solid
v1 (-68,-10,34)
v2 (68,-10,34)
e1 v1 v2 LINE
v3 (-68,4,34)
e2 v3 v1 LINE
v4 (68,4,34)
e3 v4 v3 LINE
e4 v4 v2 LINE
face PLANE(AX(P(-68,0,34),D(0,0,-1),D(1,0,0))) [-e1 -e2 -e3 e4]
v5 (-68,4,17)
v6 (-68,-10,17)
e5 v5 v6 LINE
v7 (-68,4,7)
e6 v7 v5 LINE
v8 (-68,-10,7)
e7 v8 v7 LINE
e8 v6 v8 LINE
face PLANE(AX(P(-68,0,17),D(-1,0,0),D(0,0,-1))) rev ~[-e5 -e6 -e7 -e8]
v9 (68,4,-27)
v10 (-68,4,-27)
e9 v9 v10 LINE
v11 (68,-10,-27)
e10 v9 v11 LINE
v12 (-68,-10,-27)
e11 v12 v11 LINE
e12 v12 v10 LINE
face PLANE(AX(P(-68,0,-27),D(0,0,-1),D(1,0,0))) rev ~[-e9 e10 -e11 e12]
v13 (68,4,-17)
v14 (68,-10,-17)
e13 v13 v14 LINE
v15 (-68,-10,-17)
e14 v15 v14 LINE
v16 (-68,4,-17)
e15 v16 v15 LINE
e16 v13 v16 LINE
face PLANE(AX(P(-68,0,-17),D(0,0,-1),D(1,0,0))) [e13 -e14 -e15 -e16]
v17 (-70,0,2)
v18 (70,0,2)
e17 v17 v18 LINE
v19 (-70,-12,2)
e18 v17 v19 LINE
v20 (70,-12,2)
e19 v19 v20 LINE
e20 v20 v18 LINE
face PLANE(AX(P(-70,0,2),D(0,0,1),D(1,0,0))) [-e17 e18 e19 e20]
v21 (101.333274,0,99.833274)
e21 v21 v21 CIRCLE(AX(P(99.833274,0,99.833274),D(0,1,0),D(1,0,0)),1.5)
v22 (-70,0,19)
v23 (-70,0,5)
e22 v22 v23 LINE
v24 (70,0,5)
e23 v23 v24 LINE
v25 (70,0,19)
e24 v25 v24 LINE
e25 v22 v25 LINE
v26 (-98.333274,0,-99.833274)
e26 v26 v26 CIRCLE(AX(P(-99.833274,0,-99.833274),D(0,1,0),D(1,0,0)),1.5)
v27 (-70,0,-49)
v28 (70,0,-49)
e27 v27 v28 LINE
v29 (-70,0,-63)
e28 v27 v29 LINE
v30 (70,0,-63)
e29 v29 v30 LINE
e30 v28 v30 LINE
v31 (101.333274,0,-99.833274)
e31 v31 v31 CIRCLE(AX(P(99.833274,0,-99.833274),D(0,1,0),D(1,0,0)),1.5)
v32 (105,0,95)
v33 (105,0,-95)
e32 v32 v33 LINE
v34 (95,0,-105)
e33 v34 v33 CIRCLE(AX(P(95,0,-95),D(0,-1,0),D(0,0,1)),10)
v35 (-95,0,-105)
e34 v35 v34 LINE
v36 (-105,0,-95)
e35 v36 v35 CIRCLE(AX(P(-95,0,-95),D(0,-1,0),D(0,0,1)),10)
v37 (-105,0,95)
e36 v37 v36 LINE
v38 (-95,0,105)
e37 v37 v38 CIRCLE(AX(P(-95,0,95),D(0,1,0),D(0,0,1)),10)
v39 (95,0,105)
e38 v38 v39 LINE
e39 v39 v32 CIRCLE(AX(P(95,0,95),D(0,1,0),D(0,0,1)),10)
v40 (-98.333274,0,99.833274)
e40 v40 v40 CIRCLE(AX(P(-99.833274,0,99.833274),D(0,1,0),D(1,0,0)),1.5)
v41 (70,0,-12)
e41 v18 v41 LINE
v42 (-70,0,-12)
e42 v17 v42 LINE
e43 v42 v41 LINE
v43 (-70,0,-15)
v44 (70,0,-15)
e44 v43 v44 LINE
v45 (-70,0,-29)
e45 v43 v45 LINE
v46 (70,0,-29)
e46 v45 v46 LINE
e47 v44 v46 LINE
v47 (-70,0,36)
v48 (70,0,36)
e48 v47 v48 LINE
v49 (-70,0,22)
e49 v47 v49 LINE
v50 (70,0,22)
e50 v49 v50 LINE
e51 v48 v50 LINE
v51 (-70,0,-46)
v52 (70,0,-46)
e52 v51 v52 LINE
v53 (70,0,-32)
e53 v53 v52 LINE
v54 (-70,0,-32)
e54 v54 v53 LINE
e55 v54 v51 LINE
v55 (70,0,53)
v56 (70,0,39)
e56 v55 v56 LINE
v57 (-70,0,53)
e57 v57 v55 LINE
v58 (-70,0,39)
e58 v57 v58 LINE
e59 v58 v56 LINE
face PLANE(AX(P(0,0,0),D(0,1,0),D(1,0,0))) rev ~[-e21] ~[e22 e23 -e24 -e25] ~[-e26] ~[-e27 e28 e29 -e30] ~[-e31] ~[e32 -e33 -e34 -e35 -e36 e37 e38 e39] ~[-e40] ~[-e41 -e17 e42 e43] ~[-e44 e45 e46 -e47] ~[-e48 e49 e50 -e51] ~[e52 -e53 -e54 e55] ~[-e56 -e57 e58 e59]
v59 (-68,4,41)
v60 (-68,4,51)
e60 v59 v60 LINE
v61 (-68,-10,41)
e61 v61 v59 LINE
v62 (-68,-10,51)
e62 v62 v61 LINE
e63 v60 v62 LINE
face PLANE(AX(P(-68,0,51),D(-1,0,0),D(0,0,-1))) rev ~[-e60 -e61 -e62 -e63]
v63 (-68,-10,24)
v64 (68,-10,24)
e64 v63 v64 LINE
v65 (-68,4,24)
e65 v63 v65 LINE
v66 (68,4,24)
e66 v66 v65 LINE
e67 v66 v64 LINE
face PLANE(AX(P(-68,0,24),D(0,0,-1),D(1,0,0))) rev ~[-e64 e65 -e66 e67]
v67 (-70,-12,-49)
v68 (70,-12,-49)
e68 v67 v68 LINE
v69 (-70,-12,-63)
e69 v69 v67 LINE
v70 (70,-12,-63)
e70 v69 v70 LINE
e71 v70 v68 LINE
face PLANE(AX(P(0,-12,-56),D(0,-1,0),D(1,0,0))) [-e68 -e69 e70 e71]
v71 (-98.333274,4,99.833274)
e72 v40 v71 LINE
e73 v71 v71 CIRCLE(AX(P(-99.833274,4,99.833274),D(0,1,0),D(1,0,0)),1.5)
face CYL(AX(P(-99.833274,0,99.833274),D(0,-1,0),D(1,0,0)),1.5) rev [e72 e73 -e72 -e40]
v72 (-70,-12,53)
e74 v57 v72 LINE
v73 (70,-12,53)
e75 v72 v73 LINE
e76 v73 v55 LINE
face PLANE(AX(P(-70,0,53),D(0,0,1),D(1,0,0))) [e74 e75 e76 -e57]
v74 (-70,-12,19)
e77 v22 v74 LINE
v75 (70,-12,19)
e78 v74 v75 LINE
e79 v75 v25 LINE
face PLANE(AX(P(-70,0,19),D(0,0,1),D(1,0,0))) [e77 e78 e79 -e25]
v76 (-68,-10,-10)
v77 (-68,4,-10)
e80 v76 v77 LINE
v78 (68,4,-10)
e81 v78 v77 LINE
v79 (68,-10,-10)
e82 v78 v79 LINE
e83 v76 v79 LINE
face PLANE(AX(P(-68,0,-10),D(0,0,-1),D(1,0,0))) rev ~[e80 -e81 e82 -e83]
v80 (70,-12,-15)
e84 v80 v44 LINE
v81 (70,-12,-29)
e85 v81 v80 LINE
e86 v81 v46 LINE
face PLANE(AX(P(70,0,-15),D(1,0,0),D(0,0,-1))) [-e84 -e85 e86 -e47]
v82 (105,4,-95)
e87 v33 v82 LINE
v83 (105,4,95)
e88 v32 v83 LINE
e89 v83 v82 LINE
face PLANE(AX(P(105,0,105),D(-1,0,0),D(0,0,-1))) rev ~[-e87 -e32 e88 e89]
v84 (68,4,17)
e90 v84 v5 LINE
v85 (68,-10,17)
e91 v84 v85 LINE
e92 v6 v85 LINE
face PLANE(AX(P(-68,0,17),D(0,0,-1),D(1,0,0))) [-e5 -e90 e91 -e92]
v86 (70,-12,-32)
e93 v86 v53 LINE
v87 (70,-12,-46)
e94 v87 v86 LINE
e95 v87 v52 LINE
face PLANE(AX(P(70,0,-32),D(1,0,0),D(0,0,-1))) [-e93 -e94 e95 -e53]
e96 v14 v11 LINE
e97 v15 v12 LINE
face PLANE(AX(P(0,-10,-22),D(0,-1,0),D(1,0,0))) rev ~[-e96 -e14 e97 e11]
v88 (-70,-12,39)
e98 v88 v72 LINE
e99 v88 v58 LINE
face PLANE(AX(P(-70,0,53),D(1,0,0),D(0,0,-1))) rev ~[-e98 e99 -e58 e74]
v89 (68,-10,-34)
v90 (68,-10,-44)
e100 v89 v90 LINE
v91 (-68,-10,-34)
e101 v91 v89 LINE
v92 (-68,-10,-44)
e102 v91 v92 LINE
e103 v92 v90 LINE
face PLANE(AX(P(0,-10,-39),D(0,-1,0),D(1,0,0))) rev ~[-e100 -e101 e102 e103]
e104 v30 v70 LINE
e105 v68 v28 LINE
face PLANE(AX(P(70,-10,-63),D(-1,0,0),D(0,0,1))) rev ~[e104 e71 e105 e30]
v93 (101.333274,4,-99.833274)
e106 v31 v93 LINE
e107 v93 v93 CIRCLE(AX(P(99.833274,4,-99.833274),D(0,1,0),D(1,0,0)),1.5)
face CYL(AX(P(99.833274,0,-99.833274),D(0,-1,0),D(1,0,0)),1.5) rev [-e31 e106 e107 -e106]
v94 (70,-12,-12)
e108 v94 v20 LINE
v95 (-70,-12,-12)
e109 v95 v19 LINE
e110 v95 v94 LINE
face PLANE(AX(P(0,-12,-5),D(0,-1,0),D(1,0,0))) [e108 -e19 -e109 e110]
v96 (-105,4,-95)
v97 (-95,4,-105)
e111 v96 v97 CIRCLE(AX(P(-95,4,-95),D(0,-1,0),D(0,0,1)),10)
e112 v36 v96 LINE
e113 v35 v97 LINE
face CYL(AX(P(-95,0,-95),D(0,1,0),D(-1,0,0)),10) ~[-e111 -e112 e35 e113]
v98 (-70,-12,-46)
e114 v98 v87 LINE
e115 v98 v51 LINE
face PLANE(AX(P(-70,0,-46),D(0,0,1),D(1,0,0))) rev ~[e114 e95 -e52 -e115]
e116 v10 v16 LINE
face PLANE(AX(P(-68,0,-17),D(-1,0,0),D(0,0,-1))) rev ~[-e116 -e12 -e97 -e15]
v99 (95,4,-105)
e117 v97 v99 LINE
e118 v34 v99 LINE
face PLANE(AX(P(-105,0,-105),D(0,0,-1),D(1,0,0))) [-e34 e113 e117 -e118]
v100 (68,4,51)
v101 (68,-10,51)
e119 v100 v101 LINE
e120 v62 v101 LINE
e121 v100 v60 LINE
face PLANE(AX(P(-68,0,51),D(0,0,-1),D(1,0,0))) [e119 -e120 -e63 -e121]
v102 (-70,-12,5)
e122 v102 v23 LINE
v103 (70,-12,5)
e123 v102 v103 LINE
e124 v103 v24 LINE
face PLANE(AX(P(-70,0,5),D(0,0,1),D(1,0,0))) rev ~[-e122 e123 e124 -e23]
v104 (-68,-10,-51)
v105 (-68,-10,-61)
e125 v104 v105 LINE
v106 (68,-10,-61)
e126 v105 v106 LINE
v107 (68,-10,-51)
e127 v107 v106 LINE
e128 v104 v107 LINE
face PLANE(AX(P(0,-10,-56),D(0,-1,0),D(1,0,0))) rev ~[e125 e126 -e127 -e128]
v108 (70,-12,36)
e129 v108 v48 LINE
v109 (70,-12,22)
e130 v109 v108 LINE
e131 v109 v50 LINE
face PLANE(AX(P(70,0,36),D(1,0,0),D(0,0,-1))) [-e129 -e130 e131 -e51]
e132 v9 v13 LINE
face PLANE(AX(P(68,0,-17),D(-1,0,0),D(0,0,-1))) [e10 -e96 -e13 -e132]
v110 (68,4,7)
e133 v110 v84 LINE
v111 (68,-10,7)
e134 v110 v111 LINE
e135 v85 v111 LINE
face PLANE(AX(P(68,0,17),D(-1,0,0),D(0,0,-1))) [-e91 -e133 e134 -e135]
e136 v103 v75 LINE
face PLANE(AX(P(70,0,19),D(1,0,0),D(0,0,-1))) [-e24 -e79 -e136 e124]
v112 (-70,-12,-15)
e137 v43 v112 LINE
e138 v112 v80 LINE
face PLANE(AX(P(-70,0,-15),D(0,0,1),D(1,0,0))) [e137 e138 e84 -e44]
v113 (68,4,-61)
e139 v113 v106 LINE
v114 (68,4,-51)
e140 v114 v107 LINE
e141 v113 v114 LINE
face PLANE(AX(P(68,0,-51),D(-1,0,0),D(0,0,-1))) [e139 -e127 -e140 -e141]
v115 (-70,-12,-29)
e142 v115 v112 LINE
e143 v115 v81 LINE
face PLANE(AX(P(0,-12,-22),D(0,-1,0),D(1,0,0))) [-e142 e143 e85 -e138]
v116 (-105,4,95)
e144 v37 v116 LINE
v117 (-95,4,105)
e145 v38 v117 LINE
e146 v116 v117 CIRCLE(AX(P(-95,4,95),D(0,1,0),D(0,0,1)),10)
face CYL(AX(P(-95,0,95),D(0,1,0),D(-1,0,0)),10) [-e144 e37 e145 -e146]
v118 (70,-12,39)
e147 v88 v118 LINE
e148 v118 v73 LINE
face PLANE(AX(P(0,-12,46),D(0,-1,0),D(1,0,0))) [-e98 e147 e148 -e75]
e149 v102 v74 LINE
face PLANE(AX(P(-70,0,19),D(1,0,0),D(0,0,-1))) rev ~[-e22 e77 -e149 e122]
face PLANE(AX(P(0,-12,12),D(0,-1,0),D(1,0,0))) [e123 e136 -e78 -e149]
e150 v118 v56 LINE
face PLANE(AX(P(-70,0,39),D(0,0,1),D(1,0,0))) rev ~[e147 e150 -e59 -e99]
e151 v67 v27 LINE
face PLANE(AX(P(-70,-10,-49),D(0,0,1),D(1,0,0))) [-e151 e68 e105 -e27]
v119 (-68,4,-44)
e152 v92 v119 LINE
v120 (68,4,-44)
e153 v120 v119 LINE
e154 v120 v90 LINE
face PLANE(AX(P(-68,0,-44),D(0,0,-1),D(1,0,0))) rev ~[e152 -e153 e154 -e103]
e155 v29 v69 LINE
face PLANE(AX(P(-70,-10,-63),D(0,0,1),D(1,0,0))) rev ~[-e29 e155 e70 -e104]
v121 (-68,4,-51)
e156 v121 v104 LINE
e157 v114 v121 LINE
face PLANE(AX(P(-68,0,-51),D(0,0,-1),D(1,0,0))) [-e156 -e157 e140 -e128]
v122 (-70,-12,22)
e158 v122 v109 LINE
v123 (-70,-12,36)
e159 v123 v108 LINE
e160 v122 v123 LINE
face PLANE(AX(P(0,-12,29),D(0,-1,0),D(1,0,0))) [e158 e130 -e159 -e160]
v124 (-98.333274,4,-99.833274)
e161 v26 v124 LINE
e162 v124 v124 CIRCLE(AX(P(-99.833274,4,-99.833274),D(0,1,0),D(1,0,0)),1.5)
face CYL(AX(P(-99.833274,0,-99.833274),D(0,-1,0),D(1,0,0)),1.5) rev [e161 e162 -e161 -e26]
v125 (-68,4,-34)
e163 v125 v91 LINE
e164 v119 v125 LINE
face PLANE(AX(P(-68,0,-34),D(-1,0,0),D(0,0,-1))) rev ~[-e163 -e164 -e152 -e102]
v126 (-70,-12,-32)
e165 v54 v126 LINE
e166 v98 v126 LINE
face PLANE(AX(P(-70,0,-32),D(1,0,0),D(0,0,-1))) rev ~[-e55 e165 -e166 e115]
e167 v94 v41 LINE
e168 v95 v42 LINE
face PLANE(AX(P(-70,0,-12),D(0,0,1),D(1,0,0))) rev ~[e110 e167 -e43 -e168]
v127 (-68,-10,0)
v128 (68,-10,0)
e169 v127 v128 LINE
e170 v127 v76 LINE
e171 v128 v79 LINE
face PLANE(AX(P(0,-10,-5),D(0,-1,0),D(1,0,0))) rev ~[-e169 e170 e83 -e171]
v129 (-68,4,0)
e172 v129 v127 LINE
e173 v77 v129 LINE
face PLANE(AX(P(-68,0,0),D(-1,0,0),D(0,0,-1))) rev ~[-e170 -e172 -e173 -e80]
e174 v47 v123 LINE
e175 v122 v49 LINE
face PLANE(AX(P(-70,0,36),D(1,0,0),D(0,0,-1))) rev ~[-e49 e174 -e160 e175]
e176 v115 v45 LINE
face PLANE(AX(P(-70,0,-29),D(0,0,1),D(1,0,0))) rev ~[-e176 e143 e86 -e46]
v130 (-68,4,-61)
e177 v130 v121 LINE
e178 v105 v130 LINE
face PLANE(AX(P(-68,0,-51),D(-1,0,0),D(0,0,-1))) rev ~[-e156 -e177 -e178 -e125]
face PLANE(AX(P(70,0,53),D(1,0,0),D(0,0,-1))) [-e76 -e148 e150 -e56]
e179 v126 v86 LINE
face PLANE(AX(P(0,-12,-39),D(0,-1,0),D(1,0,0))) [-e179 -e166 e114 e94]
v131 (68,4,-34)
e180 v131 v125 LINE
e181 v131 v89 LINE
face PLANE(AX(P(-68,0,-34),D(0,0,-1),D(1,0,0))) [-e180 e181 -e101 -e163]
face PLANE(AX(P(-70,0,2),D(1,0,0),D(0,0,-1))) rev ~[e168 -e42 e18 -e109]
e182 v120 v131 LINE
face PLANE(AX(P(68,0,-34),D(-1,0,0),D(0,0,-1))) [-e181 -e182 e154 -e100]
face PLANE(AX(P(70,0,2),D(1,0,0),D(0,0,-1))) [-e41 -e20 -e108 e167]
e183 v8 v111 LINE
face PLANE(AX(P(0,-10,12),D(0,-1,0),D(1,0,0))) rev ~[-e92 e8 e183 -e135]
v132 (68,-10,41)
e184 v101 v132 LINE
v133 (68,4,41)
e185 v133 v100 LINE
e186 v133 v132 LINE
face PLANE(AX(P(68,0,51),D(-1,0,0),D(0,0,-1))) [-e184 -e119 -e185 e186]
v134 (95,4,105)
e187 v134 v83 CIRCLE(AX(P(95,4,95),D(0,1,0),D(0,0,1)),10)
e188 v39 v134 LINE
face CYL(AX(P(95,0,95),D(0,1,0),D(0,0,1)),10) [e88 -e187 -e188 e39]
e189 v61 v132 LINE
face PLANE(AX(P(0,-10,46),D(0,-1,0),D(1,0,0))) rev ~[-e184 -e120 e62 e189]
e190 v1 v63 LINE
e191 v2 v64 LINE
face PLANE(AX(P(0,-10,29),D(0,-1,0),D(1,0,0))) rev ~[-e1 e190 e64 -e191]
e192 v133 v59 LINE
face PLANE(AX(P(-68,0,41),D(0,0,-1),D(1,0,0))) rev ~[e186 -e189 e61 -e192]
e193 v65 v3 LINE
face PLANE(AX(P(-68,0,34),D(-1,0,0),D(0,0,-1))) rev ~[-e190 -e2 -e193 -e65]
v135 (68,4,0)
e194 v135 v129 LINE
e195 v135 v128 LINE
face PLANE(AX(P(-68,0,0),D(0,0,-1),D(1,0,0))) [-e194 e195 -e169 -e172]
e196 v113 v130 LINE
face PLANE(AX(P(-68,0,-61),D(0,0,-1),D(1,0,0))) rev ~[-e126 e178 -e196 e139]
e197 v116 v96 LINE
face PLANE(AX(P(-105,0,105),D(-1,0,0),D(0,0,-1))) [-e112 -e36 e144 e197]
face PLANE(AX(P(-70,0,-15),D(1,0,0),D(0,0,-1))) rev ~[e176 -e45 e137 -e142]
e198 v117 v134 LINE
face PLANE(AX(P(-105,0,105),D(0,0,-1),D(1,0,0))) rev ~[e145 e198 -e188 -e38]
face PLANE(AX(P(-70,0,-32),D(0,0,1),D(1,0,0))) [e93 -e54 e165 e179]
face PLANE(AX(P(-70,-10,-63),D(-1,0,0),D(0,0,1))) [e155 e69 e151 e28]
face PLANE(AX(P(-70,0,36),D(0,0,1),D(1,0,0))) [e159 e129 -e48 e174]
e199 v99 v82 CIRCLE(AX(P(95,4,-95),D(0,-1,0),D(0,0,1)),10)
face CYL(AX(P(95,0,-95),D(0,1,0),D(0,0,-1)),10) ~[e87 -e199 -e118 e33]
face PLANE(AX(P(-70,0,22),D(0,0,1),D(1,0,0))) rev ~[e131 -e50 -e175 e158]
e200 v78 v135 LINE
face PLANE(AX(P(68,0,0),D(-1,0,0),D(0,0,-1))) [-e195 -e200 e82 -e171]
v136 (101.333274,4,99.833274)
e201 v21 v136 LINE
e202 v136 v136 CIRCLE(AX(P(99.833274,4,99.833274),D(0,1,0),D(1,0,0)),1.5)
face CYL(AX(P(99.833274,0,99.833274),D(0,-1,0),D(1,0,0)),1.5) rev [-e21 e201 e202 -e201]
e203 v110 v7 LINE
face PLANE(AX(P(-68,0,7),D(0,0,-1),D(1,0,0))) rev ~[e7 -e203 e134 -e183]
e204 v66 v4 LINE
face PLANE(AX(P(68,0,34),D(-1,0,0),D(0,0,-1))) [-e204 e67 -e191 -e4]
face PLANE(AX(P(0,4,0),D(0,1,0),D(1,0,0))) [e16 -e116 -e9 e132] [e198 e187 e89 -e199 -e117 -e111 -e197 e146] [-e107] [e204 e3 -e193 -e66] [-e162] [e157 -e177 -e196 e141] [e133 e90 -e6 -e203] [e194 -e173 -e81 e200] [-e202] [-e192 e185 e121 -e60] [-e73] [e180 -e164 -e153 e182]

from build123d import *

# Parameters (mm, degrees)
SKETCH1_W           = 210
SKETCH1_H           = 210
MAINEXTRUDE_DEPTH   = 4
SKETCH1_6_R         = 1.5
SCREWHOLES_DEPTH    = 4
ROUNDEDCORNERS_R    = 10
SKETCH4_W           = 140
SKETCH4_H           = 14
SKETCH4_W_2         = 136
SKETCH4_H_2         = 10
TRENCH_WALLS_DEPTH  = 10
SKETCH3_W           = 136
SKETCH3_H           = 10
TRENCH_DEPTH        = 12
SKETCH6_W           = 140
SKETCH6_H           = 14
TRENCH_BOTTOM_DEPTH = 2


with BuildPart() as part:
    # Sketch1 → MainExtrude (new body)
    with BuildSketch(Plane(origin=(0, 0, 0), x_dir=(1, 0, 0), z_dir=(0, 1, 0))):
        Rectangle(SKETCH1_W, SKETCH1_H)
    extrude(amount=MAINEXTRUDE_DEPTH)

    # Sketch1<6> → ScrewHoles (cut)
    with BuildSketch(Plane(origin=(0, 0, 0), x_dir=(1, 0, 0), z_dir=(0, 1, 0))):
        with Locations((-99.833273811, 99.833273811)):
            Circle(SKETCH1_6_R)
        with Locations((-99.833273811, -99.833273811)):
            Circle(SKETCH1_6_R)
        with Locations((99.833273811, -99.833273811)):
            Circle(SKETCH1_6_R)
        with Locations((99.833273811, 99.833273811)):
            Circle(SKETCH1_6_R)
    extrude(amount=SCREWHOLES_DEPTH, mode=Mode.SUBTRACT)

    # RoundedCorners
    roundedcorners_edges = [part.edges().sort_by_distance(p)[0] for p in [
        (-105, 2, -105),
        (-105, 2, 105),
        (105, 2, 105),
        (105, 2, -105),
    ]]
    fillet(roundedcorners_edges, radius=ROUNDEDCORNERS_R)

    # Sketch4 → Trench Walls (add)
    with BuildSketch(Plane(origin=(0, 0, 0), x_dir=(1, 0, 0), z_dir=(0, 1, 0))):
        with Locations((0, 56)):
            Rectangle(SKETCH4_W, SKETCH4_H)
        with Locations((0, 56)):
            Rectangle(SKETCH4_W_2, SKETCH4_H_2, mode=Mode.SUBTRACT)
        with Locations((0, 39)):
            Rectangle(SKETCH4_W, SKETCH4_H)
        with Locations((0, 39)):
            Rectangle(SKETCH4_W_2, SKETCH4_H_2, mode=Mode.SUBTRACT)
        with Locations((0, 22)):
            Rectangle(SKETCH4_W, SKETCH4_H)
        with Locations((0, 22)):
            Rectangle(SKETCH4_W_2, SKETCH4_H_2, mode=Mode.SUBTRACT)
        with Locations((0, 5)):
            Rectangle(SKETCH4_W, SKETCH4_H)
        with Locations((0, 5)):
            Rectangle(SKETCH4_W_2, SKETCH4_H_2, mode=Mode.SUBTRACT)
        with Locations((0, -12)):
            Rectangle(SKETCH4_W, SKETCH4_H)
        with Locations((0, -12)):
            Rectangle(SKETCH4_W_2, SKETCH4_H_2, mode=Mode.SUBTRACT)
        with Locations((0, -29)):
            Rectangle(SKETCH4_W, SKETCH4_H)
        with Locations((0, -29)):
            Rectangle(SKETCH4_W_2, SKETCH4_H_2, mode=Mode.SUBTRACT)
        with Locations((0, -46)):
            Rectangle(SKETCH4_W, SKETCH4_H)
        with Locations((0, -46)):
            Rectangle(SKETCH4_W_2, SKETCH4_H_2, mode=Mode.SUBTRACT)
    extrude(amount=-TRENCH_WALLS_DEPTH)

    # Sketch3 → Trench (cut)
    with BuildSketch(Plane(origin=(0, 0, 0), x_dir=(1, 0, 0), z_dir=(0, 1, 0))):
        with Locations((0, 56)):
            Rectangle(SKETCH3_W, SKETCH3_H)
        with Locations((0, 39)):
            Rectangle(SKETCH3_W, SKETCH3_H)
        with Locations((0, 22)):
            Rectangle(SKETCH3_W, SKETCH3_H)
        with Locations((0, 5)):
            Rectangle(SKETCH3_W, SKETCH3_H)
        with Locations((0, -12)):
            Rectangle(SKETCH3_W, SKETCH3_H)
        with Locations((0, -29)):
            Rectangle(SKETCH3_W, SKETCH3_H)
        with Locations((0, -46)):
            Rectangle(SKETCH3_W, SKETCH3_H)
    extrude(amount=TRENCH_DEPTH, mode=Mode.SUBTRACT)

    # Sketch6 → Trench Bottom (add)
    with BuildSketch(Plane.XZ.offset(10)):
        with Locations((0, -56)):
            Rectangle(SKETCH6_W, SKETCH6_H)
        with Locations((0, -39)):
            Rectangle(SKETCH6_W, SKETCH6_H)
        with Locations((0, -22)):
            Rectangle(SKETCH6_W, SKETCH6_H)
        with Locations((0, -5)):
            Rectangle(SKETCH6_W, SKETCH6_H)
        with Locations((0, 12)):
            Rectangle(SKETCH6_W, SKETCH6_H)
        with Locations((0, 29)):
            Rectangle(SKETCH6_W, SKETCH6_H)
        with Locations((0, 46)):
            Rectangle(SKETCH6_W, SKETCH6_H)
    extrude(amount=TRENCH_BOTTOM_DEPTH)


solid = part.part
